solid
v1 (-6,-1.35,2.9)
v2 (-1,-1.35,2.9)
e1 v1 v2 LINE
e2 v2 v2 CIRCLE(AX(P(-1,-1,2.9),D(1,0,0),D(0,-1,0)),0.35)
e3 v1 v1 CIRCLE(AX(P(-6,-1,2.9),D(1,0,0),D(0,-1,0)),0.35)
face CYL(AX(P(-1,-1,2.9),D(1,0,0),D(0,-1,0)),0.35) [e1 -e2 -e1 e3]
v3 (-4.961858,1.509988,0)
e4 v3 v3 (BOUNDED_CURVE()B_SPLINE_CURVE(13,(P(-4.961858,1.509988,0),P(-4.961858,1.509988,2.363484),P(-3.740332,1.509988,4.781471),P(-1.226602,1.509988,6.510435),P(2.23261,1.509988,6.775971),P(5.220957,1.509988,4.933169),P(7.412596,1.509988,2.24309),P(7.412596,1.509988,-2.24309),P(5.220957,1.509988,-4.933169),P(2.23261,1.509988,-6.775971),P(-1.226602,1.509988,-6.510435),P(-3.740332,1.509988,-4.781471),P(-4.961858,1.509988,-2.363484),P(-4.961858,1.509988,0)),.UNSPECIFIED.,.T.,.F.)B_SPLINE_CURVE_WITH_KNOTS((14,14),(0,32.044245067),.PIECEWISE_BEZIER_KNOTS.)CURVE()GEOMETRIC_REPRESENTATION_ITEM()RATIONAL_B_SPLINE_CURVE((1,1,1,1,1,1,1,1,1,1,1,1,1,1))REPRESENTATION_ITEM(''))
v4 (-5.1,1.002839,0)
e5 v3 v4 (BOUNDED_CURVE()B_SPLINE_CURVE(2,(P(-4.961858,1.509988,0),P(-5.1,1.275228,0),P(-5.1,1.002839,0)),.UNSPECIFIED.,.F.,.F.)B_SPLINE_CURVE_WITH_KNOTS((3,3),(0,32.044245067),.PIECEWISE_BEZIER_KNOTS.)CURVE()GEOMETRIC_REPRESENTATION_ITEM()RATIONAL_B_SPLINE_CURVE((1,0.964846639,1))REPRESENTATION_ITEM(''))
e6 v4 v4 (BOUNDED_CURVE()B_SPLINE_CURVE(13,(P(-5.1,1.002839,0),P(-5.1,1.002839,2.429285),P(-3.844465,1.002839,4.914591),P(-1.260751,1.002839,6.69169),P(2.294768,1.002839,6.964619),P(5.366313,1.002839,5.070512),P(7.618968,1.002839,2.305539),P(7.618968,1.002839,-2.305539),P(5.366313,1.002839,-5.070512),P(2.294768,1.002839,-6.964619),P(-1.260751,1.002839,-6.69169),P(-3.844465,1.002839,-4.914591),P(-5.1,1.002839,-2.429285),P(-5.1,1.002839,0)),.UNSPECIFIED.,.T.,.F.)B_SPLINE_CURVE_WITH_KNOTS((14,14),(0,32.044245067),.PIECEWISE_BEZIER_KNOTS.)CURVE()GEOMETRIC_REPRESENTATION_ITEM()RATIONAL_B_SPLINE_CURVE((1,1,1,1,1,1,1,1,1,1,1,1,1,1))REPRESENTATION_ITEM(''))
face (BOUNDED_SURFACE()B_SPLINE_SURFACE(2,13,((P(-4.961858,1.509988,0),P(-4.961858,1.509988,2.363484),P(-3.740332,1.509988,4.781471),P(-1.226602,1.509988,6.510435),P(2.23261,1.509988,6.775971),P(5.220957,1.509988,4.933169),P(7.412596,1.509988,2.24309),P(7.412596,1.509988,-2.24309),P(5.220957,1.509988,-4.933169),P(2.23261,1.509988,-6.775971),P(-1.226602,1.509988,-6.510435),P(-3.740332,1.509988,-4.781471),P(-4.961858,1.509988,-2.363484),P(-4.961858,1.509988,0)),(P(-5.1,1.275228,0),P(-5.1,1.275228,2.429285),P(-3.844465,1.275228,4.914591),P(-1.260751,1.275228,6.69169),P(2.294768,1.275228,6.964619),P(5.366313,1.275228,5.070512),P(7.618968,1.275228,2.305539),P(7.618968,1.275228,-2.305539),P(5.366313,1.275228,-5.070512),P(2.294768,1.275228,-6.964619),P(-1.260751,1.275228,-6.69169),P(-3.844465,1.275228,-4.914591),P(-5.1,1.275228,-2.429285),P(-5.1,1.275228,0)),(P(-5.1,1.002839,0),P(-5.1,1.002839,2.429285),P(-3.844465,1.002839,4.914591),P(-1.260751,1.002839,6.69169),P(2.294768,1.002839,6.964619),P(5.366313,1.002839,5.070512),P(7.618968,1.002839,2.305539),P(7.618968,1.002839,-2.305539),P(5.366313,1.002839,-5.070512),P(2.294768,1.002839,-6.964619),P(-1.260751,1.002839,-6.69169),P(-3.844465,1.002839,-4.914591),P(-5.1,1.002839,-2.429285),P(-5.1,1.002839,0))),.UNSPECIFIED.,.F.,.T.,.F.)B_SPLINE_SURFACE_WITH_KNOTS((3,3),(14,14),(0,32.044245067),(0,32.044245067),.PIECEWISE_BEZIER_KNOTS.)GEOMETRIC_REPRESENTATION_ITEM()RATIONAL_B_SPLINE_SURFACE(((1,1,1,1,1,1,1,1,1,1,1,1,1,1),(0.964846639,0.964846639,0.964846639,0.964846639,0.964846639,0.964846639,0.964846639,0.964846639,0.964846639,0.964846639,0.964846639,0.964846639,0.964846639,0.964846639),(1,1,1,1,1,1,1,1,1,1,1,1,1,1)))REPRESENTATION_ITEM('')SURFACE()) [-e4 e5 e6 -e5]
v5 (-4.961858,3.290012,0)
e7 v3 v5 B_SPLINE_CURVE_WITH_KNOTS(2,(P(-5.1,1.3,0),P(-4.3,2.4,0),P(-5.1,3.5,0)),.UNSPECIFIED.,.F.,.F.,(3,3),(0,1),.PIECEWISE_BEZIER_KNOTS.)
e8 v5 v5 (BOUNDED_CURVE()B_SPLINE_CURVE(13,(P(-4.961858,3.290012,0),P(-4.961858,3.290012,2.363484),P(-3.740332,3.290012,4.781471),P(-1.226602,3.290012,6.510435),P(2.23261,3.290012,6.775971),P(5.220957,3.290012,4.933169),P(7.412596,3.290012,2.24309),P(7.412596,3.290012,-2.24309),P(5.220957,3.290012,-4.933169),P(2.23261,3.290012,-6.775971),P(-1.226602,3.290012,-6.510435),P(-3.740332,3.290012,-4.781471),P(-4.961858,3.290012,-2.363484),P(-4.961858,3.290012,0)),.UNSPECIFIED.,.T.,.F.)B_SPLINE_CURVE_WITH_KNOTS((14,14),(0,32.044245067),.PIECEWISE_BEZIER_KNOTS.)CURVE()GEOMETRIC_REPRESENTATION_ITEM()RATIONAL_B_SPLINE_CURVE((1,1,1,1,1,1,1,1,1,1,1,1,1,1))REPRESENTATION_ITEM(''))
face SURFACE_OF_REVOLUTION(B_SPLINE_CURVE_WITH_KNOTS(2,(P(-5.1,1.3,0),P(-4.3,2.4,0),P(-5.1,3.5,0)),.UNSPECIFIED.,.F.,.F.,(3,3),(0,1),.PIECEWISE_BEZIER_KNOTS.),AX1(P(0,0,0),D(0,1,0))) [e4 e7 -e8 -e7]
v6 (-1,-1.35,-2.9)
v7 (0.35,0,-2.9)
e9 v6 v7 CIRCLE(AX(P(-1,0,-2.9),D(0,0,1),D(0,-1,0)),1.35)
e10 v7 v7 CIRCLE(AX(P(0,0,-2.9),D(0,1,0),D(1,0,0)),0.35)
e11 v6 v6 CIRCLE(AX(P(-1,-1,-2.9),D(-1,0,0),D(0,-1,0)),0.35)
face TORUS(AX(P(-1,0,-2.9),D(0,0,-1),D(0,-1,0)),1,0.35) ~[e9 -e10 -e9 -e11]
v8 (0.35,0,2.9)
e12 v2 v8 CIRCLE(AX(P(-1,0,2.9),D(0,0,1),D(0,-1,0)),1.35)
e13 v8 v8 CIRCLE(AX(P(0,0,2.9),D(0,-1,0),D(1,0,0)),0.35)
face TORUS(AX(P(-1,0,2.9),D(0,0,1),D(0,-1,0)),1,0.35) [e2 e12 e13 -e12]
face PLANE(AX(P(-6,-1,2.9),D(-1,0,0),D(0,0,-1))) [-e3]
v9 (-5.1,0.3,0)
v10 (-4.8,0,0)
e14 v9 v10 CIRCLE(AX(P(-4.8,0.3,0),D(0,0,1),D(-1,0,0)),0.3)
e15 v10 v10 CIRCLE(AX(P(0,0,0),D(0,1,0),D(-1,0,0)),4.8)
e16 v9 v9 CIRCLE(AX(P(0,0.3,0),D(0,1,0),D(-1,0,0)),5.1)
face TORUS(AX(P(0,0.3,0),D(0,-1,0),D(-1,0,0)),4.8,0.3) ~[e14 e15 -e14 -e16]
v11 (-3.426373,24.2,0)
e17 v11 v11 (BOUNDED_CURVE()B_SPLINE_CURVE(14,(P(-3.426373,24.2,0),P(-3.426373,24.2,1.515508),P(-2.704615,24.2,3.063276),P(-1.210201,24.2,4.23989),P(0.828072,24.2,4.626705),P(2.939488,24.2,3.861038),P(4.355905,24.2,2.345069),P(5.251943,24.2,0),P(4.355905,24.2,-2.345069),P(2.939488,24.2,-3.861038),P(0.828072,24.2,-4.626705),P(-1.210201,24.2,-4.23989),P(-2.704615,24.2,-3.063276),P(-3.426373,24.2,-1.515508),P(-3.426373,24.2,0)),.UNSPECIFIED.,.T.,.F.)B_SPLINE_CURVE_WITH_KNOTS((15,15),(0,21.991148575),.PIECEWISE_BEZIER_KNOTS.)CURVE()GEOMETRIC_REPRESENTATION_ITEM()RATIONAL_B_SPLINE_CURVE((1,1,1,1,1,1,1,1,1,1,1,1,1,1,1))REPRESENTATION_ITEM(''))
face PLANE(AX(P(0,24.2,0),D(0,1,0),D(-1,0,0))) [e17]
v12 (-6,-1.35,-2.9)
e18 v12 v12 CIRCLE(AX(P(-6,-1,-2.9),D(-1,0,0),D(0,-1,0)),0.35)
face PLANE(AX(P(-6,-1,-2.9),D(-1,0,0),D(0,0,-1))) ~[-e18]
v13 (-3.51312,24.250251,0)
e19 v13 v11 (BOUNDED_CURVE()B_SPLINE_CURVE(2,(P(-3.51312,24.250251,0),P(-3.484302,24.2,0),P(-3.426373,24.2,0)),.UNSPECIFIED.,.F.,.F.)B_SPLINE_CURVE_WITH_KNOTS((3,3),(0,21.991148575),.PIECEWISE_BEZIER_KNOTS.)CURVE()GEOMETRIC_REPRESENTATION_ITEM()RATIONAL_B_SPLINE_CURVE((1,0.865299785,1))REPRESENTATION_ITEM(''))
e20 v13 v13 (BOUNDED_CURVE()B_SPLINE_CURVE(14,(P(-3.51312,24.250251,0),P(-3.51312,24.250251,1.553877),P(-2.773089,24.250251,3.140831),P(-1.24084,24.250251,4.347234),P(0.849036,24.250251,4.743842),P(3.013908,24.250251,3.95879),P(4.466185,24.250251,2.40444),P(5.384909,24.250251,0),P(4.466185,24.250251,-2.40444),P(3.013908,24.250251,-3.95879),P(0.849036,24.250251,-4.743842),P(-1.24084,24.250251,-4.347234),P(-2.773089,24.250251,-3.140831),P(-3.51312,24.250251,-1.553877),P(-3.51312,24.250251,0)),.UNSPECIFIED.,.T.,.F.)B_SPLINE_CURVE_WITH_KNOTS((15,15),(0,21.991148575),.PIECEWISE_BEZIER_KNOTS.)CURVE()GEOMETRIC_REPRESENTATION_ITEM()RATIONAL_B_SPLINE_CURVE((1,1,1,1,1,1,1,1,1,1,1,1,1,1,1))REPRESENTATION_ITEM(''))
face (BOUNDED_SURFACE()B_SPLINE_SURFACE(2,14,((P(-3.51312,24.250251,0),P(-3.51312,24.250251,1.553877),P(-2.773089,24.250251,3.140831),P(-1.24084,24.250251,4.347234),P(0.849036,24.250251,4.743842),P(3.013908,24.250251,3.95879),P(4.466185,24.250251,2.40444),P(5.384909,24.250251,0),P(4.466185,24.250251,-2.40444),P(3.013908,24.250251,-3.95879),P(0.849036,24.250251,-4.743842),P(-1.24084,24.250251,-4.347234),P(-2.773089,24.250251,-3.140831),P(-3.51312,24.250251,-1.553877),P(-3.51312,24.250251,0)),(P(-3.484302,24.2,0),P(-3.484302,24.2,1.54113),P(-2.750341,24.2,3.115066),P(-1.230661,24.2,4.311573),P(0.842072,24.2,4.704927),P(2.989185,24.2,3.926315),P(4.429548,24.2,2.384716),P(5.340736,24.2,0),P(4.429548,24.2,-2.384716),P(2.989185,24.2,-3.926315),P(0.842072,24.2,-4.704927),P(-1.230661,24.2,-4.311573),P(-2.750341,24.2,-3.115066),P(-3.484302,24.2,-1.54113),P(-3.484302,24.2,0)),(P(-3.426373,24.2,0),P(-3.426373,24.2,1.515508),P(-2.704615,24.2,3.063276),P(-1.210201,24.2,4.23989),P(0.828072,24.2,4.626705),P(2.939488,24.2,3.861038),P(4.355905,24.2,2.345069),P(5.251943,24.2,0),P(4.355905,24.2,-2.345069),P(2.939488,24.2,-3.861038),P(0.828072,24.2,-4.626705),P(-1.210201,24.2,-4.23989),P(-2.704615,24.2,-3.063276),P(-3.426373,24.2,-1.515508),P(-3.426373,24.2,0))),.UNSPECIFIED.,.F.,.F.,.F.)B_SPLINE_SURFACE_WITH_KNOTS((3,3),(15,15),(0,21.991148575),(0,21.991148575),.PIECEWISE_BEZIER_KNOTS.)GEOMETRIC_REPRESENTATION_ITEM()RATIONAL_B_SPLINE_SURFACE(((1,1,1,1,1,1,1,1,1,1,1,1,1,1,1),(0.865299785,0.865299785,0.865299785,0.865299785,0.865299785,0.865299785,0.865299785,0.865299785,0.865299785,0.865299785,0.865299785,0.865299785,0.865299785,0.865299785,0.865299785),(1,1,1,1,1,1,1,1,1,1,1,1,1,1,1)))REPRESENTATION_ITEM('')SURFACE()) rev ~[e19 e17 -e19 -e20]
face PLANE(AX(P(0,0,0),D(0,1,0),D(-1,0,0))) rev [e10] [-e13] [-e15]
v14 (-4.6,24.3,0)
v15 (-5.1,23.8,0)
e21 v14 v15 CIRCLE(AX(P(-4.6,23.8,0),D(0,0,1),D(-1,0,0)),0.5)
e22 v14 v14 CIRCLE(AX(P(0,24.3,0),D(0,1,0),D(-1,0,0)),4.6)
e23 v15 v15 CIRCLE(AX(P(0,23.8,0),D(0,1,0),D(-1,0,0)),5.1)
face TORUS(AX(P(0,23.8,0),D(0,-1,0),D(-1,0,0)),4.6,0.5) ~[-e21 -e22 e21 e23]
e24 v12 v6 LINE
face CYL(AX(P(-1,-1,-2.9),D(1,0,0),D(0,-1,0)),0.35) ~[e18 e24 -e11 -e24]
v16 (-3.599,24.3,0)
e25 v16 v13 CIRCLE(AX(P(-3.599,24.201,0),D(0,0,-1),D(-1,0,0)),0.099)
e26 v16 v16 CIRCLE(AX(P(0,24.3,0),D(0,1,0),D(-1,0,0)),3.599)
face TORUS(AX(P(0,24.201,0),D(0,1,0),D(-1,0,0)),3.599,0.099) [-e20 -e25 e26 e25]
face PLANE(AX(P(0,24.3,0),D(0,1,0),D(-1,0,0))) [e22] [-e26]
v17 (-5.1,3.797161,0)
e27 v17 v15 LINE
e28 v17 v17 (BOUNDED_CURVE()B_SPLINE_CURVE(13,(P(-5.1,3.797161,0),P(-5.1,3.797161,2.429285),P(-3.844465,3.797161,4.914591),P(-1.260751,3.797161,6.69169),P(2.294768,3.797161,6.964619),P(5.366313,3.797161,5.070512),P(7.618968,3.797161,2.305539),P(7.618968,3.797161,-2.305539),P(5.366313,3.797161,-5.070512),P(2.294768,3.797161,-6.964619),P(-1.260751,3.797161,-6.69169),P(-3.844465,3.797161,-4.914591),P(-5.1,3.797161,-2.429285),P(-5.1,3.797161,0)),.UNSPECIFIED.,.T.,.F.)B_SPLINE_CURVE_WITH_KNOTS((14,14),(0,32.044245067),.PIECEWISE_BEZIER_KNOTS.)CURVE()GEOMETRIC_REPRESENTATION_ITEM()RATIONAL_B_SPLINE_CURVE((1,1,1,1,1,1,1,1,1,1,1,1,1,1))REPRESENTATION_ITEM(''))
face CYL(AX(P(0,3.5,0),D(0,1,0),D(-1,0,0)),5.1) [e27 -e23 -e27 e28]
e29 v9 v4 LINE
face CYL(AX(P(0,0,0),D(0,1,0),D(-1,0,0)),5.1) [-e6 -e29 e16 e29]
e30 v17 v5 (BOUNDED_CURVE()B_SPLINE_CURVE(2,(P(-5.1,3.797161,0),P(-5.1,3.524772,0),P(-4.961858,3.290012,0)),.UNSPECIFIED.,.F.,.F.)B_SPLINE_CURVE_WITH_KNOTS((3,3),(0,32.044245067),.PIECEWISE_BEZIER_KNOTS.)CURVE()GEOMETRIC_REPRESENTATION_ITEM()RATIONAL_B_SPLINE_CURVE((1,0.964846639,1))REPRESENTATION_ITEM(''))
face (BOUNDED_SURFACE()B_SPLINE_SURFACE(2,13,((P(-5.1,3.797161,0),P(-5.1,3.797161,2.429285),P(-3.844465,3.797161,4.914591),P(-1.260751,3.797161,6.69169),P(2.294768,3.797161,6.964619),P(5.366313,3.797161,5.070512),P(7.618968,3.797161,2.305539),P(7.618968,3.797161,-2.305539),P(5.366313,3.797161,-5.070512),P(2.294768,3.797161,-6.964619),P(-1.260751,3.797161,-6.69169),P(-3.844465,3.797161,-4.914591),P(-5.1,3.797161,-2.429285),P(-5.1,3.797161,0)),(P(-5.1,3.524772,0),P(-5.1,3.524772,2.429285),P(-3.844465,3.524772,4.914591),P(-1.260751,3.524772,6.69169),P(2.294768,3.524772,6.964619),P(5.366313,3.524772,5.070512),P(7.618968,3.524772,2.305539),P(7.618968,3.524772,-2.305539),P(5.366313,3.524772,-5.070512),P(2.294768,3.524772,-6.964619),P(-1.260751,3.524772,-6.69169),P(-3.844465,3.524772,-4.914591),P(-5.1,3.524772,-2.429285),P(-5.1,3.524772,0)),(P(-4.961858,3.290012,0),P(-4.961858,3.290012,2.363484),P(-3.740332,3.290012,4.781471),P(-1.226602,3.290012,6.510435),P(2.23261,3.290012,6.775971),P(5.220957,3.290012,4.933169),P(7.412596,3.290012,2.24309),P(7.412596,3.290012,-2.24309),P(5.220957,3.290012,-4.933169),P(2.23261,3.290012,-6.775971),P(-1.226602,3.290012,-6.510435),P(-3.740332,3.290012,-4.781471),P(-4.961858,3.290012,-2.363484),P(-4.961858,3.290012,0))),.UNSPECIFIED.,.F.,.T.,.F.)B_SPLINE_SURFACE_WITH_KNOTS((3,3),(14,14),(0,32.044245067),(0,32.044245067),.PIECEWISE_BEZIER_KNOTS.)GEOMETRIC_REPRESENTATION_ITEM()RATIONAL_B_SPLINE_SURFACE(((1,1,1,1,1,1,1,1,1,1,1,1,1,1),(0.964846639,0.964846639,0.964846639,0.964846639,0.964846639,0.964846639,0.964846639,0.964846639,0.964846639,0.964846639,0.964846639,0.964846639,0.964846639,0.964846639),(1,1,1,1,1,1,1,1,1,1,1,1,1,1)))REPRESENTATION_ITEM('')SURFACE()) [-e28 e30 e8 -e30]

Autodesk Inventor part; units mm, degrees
ref_plane "YZ Plane" through (0, 0, 0) normal (1, 0, 0) x (0, 1, 0)
ref_plane "XZ Plane" through (0, 0, 0) normal (0, 1, 0) x (-1, 0, 0)
sketch "Sketch1" plane through (0, 0, 0) normal (0, 0, 1) x (1, 0, 0)
  line L0 (0, 0) -> (-5.1, 0)
  line L1 (-5.1, 24.3) -> (-3.5, 24.3)
  line L2 (0, 24.2) -> (0, 0)
  line L3 (0, 0) -> (0, 14.6949)
  line L4 (-3.5, 24.3) -> (-3.5, 24.2)
  line L5 (-3.5, 24.2) -> (0, 24.2)
  spline S0 degree 2 poles (-5.1, 1.3) (-4.3, 2.4) (-5.1, 3.5) knots 0 0 0 1 1 1
  line L6 (-5.1, 0) -> (-5.1, 1.3)
  line L7 (-5.1, 3.5) -> (-5.1, 24.3)
  point P0 (-4.7, 2.4)
  dimension "d1" = 24.3
  dimension "d2" = 3.5
  dimension "d3" = 0.1
  dimension "d4" = 1.3
  dimension "d5" = 3.5
  dimension "d7" = 1.1
revolve "Revolution1" add sketch "Sketch1" angle 360 about axis through (0, 0, 0) along (0, 1, 0)
fillet "Fillet1" radius 0.1 2 edges at (3.5, 24.3, 0) (3.5, 24.2, 0)
fillet "Fillet2" radius 0.5 1 edges at (5.1, 24.3, 0)
fillet "Fillet3" radius 1 2 edges at (5.1, 3.5, 0) (5.1, 1.3, 0)
fillet "Fillet4" radius 0.3 1 edges at (5.1, 0, 0)
sketch "Sketch2" plane through (0, 0, 0) normal (0, -1, 0) x (1, 0, 0)
  circle A0 centre (0, 2.9) radius 0.35
  circle A1 centre (0, -2.9) radius 0.35
  circle A2 centre (0, 0) radius 4.8 projected
  line L0 (-4.8, 0) -> (4.8, 0) construction
  line L1 (0, 4.8) -> (0, -4.8) construction
  dimension "d13" = 5.8
  dimension "d14" = 0.7
ref_plane "Work Plane1" through (0, 0, 2.9) normal (0, 0, 1) x (1, 0, 0)
sketch "Sketch3" plane through (0, 0, 2.9) normal (0, 0, 1) x (1, 0, 0)
  line L0 (-0.35, 0) -> (0.35, 0) projected
  line L1 (4.8, 0) -> (-4.8, 0) projected
  arc A0 (-1, -1) -> (0, 0) centre (-1, 0) ccw
  line L2 (-1, 0) -> (-1, -1) construction
  line L3 (-1, 0) -> (0, 0) construction
  line L4 (-1, -1) -> (-6, -1)
  point P0 (0, 0)
  dimension "d15" = 90
  dimension "d16" = 1
  dimension "d17" = 5
sweep "Sweep1" add profiles "Sketch2" path "Sketch3" path curves A0 L4 contours A0
mirror "Mirror1" about plane through (0, 0, 0) normal (0, 0, 1) of "Sweep1"
properties part number "capacitor"
